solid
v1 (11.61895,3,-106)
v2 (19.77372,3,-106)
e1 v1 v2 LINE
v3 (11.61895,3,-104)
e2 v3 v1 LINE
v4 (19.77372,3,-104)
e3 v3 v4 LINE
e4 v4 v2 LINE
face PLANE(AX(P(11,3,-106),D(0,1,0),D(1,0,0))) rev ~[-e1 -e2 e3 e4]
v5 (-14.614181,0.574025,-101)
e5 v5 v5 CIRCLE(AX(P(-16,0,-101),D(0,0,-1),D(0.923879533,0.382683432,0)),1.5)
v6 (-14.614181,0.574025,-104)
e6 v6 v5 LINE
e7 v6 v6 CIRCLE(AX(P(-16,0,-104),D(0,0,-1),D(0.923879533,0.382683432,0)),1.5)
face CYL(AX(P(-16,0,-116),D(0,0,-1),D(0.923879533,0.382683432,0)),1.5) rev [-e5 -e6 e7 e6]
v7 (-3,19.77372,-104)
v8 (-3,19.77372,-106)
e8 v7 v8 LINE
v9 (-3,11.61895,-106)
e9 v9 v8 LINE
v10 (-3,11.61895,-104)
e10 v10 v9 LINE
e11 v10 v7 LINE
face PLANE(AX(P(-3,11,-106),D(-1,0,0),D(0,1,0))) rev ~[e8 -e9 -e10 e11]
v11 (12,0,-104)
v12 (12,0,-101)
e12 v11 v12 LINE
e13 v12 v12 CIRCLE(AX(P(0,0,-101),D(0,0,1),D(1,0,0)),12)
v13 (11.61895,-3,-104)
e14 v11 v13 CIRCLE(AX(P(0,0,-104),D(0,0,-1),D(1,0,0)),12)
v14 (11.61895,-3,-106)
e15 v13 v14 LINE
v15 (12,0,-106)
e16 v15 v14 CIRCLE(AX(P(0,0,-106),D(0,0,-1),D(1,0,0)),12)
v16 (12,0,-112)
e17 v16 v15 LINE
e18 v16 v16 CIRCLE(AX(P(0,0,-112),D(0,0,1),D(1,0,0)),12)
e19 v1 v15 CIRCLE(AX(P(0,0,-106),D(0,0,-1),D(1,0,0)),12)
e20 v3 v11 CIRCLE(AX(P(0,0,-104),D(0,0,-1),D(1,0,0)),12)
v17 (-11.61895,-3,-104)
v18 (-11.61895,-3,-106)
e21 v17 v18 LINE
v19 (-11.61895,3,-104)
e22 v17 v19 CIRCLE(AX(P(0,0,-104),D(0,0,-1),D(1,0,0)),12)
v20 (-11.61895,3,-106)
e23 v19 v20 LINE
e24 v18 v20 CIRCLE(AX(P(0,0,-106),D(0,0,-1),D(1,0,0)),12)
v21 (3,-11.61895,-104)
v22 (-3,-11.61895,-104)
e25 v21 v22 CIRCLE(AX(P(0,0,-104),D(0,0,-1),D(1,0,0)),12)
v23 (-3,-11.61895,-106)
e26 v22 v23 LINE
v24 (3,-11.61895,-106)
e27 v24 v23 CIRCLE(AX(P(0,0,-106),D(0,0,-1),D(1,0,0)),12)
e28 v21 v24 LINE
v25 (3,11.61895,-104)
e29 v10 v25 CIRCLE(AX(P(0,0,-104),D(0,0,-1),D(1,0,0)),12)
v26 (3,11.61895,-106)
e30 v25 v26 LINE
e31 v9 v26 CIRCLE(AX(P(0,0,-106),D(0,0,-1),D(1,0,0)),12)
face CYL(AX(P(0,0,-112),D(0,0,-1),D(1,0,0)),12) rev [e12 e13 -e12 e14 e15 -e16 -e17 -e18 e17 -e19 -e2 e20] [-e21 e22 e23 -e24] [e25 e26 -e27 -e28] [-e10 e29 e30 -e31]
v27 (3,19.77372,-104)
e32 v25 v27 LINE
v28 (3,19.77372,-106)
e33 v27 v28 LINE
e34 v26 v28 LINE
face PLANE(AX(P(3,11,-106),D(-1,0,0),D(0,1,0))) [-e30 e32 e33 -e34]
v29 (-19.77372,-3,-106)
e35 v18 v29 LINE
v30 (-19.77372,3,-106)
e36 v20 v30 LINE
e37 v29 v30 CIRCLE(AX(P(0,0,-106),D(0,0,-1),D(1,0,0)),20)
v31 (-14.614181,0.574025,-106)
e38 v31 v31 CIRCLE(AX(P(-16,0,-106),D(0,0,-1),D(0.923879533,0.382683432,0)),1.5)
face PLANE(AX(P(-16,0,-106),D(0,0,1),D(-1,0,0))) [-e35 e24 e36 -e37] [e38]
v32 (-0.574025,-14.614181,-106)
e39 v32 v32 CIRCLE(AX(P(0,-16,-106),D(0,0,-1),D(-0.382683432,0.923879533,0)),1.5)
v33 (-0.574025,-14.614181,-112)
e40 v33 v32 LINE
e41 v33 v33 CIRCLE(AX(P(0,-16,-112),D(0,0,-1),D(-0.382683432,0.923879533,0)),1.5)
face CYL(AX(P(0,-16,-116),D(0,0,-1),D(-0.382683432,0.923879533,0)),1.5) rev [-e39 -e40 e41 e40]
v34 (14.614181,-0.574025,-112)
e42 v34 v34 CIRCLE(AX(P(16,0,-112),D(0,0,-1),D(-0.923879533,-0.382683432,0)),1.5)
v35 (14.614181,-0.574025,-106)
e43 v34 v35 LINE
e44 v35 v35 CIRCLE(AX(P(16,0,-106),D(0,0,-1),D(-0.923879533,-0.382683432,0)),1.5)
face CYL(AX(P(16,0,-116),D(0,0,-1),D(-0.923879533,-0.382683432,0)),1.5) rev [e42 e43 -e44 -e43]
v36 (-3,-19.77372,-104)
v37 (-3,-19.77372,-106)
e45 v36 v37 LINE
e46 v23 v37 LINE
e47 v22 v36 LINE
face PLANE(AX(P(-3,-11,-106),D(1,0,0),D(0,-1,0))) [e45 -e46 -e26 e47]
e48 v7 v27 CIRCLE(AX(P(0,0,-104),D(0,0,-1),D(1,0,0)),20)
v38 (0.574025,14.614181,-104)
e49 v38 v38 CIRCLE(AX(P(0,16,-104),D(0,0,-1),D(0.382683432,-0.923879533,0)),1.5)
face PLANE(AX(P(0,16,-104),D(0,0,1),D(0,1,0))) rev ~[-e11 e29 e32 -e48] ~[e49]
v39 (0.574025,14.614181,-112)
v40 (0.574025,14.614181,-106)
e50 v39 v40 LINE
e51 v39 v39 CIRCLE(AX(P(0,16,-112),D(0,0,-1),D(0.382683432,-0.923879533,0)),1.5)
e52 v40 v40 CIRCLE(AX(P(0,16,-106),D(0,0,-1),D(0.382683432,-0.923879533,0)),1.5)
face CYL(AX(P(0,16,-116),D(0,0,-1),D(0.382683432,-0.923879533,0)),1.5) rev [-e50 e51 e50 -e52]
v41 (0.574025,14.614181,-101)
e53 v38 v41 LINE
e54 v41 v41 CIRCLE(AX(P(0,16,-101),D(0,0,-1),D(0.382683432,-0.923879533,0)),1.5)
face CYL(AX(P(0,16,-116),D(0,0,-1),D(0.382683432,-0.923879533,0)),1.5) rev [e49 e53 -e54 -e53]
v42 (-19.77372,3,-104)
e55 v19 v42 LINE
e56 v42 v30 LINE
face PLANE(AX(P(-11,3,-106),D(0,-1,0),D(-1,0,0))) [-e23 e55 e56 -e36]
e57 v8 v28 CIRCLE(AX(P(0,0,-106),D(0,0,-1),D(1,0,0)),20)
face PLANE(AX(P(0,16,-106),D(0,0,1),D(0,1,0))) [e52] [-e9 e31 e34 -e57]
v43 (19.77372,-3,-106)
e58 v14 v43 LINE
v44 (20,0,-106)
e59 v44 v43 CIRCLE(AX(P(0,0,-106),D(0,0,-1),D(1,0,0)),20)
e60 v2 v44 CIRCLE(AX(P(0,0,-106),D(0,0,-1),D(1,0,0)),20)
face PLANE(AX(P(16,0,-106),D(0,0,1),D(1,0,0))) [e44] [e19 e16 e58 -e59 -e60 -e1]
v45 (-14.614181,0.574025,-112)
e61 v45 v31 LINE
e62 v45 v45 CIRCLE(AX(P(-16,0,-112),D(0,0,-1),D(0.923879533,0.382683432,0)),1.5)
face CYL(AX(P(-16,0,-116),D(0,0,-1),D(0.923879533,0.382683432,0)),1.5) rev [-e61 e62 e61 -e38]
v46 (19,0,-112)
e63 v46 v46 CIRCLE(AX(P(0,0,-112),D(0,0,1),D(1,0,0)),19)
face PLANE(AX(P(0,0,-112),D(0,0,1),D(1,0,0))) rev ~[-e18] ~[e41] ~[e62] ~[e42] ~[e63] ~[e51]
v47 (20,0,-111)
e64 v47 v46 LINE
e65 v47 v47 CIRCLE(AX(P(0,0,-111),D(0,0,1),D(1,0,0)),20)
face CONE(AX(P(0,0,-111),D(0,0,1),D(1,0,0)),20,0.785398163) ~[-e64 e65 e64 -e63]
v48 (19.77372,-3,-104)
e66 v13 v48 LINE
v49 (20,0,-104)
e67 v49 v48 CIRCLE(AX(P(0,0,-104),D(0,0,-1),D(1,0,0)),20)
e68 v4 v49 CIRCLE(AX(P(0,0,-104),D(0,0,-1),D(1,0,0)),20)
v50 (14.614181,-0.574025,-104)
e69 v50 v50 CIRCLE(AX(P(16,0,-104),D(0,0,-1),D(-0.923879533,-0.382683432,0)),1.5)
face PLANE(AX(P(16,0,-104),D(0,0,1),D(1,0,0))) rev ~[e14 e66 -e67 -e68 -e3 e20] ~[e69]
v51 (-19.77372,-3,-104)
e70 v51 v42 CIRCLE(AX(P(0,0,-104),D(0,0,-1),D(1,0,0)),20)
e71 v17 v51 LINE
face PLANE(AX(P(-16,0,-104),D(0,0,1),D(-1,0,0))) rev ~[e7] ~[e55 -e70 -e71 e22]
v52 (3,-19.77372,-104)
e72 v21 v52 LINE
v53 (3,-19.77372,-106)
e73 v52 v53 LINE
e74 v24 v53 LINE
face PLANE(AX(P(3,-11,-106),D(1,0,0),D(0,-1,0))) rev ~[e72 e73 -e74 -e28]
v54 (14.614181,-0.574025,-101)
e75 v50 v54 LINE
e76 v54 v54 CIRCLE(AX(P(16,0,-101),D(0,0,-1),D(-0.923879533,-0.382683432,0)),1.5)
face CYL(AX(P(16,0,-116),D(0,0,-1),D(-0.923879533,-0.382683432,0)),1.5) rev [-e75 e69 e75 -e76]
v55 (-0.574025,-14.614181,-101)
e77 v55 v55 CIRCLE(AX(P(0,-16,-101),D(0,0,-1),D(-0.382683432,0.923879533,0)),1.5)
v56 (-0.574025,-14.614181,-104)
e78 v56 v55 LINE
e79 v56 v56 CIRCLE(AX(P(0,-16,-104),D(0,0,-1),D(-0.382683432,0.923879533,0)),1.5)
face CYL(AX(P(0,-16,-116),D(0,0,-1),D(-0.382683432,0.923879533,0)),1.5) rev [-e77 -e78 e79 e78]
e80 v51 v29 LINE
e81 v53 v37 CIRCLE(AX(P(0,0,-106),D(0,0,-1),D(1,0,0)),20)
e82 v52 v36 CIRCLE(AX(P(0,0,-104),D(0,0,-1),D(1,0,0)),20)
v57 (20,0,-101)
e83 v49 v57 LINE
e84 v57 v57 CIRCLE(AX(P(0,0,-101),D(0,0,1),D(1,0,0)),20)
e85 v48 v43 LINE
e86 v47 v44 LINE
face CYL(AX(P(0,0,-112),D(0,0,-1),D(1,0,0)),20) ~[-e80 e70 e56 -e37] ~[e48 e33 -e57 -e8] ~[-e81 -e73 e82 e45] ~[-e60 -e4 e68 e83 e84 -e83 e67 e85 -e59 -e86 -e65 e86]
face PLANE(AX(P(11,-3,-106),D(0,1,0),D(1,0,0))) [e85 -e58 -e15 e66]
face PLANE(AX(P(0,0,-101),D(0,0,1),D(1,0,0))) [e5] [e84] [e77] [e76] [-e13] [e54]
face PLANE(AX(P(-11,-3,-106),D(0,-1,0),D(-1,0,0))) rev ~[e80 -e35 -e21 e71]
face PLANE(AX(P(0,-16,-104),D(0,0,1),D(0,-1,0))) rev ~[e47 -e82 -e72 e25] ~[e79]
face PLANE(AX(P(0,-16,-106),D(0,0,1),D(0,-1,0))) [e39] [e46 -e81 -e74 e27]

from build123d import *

# Parameters (mm, degrees)
BOX106_W                    = 10
BOX106_H                    = 6
BOX106_DEPTH                = 2
BOX105_W                    = 10
BOX105_H                    = 6
BOX105_DEPTH                = 2
BOX107_W                    = 10
BOX107_H                    = 6
BOX107_DEPTH                = 2
BOX104_W                    = 10
BOX104_H                    = 6
BOX104_DEPTH                = 2
CYLINDER279_R               = 1.5
CYLINDER279_DEPTH           = 16
CYLINDER279_PLACEMENT_ANGLE = 67.5
CYLINDER277_R               = 1.5
CYLINDER277_DEPTH           = 16
CYLINDER277_PLACEMENT_ANGLE = 22.5
CYLINDER278_R               = 1.5
CYLINDER278_DEPTH           = 16
CYLINDER278_PLACEMENT_ANGLE = 112.5
CYLINDER276_R               = 1.5
CYLINDER276_DEPTH           = 16
CYLINDER276_PLACEMENT_ANGLE = 202.5
TUBE031_R                   = 20
TUBE031_R_2                 = 12
TUBE031_DEPTH               = 11
CHAMFER004_SIZE             = 1


with BuildPart() as krychle106:
    # Box106 → Box106 (new body)
    with BuildSketch(Plane(origin=(3, 11, 6), x_dir=(0, 1, 0), z_dir=(0, 0, 1))):
        with Locations((5, 3)):
            Rectangle(BOX106_W, BOX106_H)
    extrude(amount=BOX106_DEPTH)


with BuildPart() as krychle105:
    # Box105 → Box105 (new body)
    with BuildSketch(Plane(origin=(-11, 3, 6), x_dir=(-1, 0, 0), z_dir=(0, 0, 1))):
        with Locations((5, 3)):
            Rectangle(BOX105_W, BOX105_H)
    extrude(amount=BOX105_DEPTH)


with BuildPart() as krychle107:
    # Box107 → Box107 (new body)
    with BuildSketch(Plane(origin=(-3, -11, 6), x_dir=(0, -1, 0), z_dir=(0, 0, 1))):
        with Locations((5, 3)):
            Rectangle(BOX107_W, BOX107_H)
    extrude(amount=BOX107_DEPTH)


with BuildPart() as compound232:
    # Box104 → Box104 (new body)
    with BuildSketch(Plane(origin=(11, -3, 6), x_dir=(1, 0, 0), z_dir=(0, 0, 1))):
        with Locations((5, 3)):
            Rectangle(BOX104_W, BOX104_H)
    extrude(amount=BOX104_DEPTH)

    # Compound232: union Krychle106, Krychle105, Krychle107
    add(krychle106.part)
    add(krychle105.part)
    add(krychle107.part)


with BuildPart() as compound232_1:
    # Compound232 placement: moved
    add(compound232.part.moved(Location((0, 0, -111))))


with BuildPart() as v_lec279:
    # Cylinder279 → Cylinder279 (new body)
    with BuildSketch(Plane.XY):
        Circle(CYLINDER279_R)
    extrude(amount=CYLINDER279_DEPTH)


with BuildPart() as v_lec279_1:
    # Cylinder279 placement: moved
    add(v_lec279.part.moved(Location((0, 16, 2))).rotate(Axis((0, 16, 2), (0, 0, -1)), CYLINDER279_PLACEMENT_ANGLE))


with BuildPart() as v_lec277:
    # Cylinder277 → Cylinder277 (new body)
    with BuildSketch(Plane.XY):
        Circle(CYLINDER277_R)
    extrude(amount=CYLINDER277_DEPTH)


with BuildPart() as v_lec277_1:
    # Cylinder277 placement: moved
    add(v_lec277.part.moved(Location((-16, 0, 2))).rotate(Axis((-16, 0, 2), (0, 0, 1)), CYLINDER277_PLACEMENT_ANGLE))


with BuildPart() as v_lec278:
    # Cylinder278 → Cylinder278 (new body)
    with BuildSketch(Plane.XY):
        Circle(CYLINDER278_R)
    extrude(amount=CYLINDER278_DEPTH)


with BuildPart() as v_lec278_1:
    # Cylinder278 placement: moved
    add(v_lec278.part.moved(Location((0, -16, 2))).rotate(Axis((0, -16, 2), (0, 0, 1)), CYLINDER278_PLACEMENT_ANGLE))


with BuildPart() as compound234:
    # Cylinder276 → Cylinder276 (new body)
    with BuildSketch(Plane.XY):
        Circle(CYLINDER276_R)
    extrude(amount=CYLINDER276_DEPTH)


with BuildPart() as compound234_1:
    # Cylinder276 placement: moved
    add(compound234.part.moved(Location((16, 0, 2))).rotate(Axis((16, 0, 2), (0, 0, 1)), CYLINDER276_PLACEMENT_ANGLE))

    # Compound234: union Válec279, Válec277, Válec278
    add(v_lec279_1.part)
    add(v_lec277_1.part)
    add(v_lec278_1.part)


with BuildPart() as compound234_2:
    # Compound234 placement: moved
    add(compound234_1.part.moved(Location((0, 0, -117))))


with BuildPart() as chamfer004:
    # Tube031 → Tube031 (new body)
    with BuildSketch(Plane.XY.offset(-111)):
        Circle(TUBE031_R)
        Circle(TUBE031_R_2, mode=Mode.SUBTRACT)
    extrude(amount=TUBE031_DEPTH)

    # Cut123: cut Compound234
    add(compound234_2.part, mode=Mode.SUBTRACT)

    # Cut126: cut Compound232
    add(compound232_1.part, mode=Mode.SUBTRACT)

    # Chamfer004
    chamfer004_edges = [chamfer004.edges().sort_by_distance(p)[0] for p in [
        (-20, 0, -111),
    ]]
    chamfer(chamfer004_edges, length=CHAMFER004_SIZE)


with BuildPart() as chamfer004_1:
    # Chamfer004 placement: moved
    add(chamfer004.part.moved(Location((0, 0, -1))))


solid = chamfer004_1.part
